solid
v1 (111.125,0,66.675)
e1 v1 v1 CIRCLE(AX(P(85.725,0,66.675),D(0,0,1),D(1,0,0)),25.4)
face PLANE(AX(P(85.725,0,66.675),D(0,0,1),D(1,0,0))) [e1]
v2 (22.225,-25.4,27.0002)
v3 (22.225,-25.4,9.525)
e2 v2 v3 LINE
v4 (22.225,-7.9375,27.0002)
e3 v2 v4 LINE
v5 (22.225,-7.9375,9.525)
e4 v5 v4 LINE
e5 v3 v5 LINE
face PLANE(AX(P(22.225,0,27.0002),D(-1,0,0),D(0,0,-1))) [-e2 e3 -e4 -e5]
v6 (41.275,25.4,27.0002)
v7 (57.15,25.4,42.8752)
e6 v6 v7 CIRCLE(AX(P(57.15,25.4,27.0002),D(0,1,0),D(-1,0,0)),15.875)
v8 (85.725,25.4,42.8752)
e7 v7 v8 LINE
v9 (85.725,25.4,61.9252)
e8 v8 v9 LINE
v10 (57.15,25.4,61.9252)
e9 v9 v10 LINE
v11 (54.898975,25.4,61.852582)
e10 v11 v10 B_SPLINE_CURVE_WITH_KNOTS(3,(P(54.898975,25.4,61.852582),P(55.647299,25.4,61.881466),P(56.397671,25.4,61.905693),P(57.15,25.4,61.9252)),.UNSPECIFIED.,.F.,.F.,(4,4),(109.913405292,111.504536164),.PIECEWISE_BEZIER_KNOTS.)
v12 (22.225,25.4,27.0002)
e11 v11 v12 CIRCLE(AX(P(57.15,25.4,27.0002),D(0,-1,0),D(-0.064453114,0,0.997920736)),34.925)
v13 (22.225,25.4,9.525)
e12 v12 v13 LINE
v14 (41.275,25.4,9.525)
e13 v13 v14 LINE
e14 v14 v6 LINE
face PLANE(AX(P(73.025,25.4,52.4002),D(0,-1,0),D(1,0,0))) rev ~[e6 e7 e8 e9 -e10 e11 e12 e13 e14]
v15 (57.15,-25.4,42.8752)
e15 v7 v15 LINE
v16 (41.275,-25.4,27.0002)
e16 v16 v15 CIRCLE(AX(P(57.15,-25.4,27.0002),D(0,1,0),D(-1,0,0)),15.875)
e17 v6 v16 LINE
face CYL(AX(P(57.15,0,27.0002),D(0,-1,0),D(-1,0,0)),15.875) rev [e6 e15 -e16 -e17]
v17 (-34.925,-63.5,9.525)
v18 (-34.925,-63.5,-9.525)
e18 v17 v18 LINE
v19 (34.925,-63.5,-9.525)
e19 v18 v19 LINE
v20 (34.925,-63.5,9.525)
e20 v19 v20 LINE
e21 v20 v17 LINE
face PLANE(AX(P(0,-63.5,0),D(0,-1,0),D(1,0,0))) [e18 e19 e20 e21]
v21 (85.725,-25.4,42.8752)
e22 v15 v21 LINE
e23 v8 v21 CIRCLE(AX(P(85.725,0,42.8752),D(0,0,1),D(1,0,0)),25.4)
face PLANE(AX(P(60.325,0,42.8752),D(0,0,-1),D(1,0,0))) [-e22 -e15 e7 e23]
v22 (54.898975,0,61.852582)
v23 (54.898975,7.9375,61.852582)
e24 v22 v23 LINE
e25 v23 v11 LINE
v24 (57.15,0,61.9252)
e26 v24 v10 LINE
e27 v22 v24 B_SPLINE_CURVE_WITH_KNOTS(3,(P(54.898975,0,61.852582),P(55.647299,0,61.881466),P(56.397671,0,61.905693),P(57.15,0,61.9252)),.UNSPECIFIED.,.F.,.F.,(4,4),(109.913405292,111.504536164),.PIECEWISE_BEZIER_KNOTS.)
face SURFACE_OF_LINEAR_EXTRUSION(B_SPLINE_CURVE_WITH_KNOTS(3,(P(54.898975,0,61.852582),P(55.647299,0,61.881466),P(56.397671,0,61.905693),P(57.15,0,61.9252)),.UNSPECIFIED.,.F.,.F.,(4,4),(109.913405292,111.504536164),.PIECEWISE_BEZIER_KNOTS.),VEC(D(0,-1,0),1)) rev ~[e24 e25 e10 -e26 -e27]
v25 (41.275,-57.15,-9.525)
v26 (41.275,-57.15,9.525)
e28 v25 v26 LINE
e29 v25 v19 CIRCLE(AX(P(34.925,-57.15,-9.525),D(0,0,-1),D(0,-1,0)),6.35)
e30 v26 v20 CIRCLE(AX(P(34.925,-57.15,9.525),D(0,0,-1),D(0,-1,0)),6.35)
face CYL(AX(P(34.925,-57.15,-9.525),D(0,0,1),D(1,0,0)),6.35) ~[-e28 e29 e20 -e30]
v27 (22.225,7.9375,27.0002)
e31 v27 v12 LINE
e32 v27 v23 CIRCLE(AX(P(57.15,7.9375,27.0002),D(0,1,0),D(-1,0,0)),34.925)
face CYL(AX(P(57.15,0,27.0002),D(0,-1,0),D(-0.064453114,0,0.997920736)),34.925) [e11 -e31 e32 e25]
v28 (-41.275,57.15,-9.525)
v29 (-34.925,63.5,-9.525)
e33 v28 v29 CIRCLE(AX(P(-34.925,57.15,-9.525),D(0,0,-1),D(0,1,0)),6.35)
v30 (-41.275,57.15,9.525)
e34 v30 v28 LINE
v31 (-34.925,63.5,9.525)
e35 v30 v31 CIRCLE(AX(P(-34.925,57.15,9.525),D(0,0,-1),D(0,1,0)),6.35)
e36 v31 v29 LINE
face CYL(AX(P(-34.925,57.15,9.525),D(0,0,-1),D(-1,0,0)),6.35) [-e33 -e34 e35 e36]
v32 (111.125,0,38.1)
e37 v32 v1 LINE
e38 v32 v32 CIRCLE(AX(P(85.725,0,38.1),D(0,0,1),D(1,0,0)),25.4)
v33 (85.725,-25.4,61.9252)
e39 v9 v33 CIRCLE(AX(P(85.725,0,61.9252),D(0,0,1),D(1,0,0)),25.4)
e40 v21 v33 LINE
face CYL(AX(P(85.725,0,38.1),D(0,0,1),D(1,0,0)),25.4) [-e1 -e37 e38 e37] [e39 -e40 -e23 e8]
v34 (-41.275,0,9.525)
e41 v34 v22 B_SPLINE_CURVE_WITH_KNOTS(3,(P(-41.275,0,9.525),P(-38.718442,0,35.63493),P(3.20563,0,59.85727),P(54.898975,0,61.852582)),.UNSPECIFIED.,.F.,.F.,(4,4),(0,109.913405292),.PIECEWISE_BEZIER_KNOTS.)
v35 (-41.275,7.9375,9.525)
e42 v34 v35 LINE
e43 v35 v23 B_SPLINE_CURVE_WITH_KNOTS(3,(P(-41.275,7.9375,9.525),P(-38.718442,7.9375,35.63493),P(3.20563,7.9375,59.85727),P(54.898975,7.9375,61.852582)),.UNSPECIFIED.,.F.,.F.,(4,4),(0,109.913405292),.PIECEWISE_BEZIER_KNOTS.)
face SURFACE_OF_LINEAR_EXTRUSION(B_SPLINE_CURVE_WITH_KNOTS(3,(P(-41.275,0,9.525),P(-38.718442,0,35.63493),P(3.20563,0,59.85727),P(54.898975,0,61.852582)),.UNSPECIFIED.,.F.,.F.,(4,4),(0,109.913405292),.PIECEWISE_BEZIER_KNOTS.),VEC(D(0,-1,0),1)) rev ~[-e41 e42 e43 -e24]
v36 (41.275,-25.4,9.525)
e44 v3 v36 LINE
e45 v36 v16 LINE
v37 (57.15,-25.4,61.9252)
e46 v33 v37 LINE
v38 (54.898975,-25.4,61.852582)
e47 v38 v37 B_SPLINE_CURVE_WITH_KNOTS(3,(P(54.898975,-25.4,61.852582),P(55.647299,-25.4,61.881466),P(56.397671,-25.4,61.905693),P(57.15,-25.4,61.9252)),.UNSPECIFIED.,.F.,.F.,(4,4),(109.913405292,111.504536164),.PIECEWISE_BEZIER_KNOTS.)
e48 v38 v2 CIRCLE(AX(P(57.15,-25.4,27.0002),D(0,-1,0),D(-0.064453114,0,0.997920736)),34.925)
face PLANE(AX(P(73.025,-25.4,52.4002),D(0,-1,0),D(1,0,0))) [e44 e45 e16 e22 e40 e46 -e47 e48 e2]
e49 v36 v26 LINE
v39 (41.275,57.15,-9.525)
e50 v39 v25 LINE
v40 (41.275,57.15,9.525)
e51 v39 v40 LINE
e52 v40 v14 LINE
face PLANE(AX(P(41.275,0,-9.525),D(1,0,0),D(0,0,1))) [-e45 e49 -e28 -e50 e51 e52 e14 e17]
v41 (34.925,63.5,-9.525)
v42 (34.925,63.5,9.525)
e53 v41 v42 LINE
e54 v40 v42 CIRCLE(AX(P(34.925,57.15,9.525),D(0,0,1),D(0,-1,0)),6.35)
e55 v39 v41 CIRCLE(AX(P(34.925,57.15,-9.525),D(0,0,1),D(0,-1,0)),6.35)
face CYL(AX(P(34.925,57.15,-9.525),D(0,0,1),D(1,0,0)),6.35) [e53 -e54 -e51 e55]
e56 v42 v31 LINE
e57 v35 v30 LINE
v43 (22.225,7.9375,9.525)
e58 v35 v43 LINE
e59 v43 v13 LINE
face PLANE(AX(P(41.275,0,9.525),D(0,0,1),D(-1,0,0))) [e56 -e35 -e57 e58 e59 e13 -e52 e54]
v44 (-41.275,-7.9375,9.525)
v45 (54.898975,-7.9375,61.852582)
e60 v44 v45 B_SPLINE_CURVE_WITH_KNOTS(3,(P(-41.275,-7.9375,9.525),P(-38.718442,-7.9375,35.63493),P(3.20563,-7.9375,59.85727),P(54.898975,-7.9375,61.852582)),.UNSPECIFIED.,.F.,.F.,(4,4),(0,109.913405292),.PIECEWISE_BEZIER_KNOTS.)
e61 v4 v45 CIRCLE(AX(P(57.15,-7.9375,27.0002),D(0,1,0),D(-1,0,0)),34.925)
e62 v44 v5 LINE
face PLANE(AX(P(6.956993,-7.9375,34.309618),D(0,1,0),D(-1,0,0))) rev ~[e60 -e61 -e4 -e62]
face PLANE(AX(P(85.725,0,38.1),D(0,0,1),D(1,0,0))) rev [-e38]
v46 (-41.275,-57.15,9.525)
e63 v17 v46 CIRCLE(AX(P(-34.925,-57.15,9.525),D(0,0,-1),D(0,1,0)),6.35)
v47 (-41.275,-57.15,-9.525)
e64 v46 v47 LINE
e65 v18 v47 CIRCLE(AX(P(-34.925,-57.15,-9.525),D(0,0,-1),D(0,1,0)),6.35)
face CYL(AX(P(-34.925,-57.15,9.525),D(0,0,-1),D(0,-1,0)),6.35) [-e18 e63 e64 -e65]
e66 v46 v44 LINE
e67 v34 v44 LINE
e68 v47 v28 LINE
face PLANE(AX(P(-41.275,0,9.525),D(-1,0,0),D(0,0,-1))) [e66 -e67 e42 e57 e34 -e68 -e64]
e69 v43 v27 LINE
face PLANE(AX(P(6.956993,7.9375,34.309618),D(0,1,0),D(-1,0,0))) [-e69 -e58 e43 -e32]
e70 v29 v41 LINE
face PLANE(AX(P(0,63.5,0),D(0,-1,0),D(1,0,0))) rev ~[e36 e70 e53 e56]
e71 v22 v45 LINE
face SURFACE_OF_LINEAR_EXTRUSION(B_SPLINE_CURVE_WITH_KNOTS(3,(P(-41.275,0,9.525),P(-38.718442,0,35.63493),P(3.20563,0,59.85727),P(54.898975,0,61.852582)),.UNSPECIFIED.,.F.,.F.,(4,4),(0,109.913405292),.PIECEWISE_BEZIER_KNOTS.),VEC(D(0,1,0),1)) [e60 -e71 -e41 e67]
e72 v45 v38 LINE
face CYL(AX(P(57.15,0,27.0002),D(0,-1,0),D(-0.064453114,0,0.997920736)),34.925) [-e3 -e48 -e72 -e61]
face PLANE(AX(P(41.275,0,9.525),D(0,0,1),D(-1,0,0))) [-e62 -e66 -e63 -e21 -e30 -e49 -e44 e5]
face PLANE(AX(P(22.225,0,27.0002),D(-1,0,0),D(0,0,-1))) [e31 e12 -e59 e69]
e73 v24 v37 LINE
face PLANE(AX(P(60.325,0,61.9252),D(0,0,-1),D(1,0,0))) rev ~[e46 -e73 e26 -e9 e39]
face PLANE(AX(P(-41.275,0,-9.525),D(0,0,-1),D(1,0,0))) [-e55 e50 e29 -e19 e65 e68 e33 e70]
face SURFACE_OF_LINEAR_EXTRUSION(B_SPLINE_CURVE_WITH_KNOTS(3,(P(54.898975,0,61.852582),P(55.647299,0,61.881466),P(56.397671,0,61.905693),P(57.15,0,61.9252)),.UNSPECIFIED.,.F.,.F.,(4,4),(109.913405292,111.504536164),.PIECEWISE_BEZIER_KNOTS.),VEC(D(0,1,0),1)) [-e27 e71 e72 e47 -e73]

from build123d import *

# Parameters (mm, degrees)
F1_DEPTH = 63.5
F2_DEPTH = 25.4
F0_W     = 25.4
F0_H     = 19.05
F3_DEPTH = 25.4
F4_DEPTH = 7.9375
F6_R     = 6.35


with BuildPart() as f1:
    # F0 (on Front) → F1 (new body, symmetric)
    with BuildSketch(Plane.XZ):
        Polygon((-41.275, -9.525), (41.275, -9.525), (41.275, 9.525), (22.225, 9.525), (-41.275, 9.525), align=None)
    extrude(amount=F1_DEPTH, both=True)

    # F0 (on Front) → F2 (join, symmetric)
    with BuildSketch(Plane.XZ):
        with BuildLine():
            Line((22.225, 9.525), (41.275, 9.525))
            Line((41.275, 9.525), (41.275, 27.0002))
            ThreePointArc((41.275, 27.0002), (45.9246798487, 38.2255201513), (57.15, 42.8752))
            Line((57.15, 42.8752), (60.325, 42.8752))
            Line((60.325, 42.8752), (60.325, 61.9252))
            Line((60.325, 61.9252), (57.15, 61.9252))
            add(Edge.make_bspline(
                [(54.8989749886, 61.8525817177), (55.6472993307, 61.8814662978), (56.3976709314, 61.9056929595), (57.15, 61.9252)],
                knots=[109.9134052924, 109.9134052924, 109.9134052924, 109.9134052924, 111.5045361635, 111.5045361635, 111.5045361635, 111.5045361635], degree=3))
            ThreePointArc((54.8989749886, 61.8525817177), (31.6708646779, 50.8867922274), (22.225, 27.0002))
            Line((22.225, 27.0002), (22.225, 9.525))
        make_face()
    extrude(amount=F2_DEPTH, both=True)

    # F0 (on Front) → F3 (join, symmetric)
    with BuildSketch(Plane.XZ):
        with Locations((73.025, 52.4002)):
            Rectangle(F0_W, F0_H)
    extrude(amount=F3_DEPTH, both=True)

    # F0 (on Front) → F4 (join, symmetric)
    with BuildSketch(Plane.XZ):
        with BuildLine():
            add(Edge.make_bspline(
                [(-41.275, 9.525), (-38.7184419076, 35.6349297133), (3.2056302131, 59.8572696967), (54.8989749886, 61.8525817177)],
                knots=[0, 0, 0, 0, 109.9134052924, 109.9134052924, 109.9134052924, 109.9134052924], degree=3))
            Line((-41.275, 9.525), (22.225, 9.525))
            Line((22.225, 9.525), (22.225, 27.0002))
            ThreePointArc((22.225, 27.0002), (31.6708646779, 50.8867922274), (54.8989749886, 61.8525817177))
        make_face()
    extrude(amount=F4_DEPTH, both=True)

    # F0 (on Front) → F5 (revolve)
    with BuildSketch(Plane.XZ):
        Polygon((85.725, 61.9252), (85.725, 42.8752), (85.725, 38.1), (111.125, 38.1), (111.125, 66.675), (85.725, 66.675), align=None)
    revolve(axis=Axis((85.725, 0, 52.3875), (0, 0, 1)))

    # F6
    f6_edges = [f1.edges().sort_by_distance(p)[0] for p in [
        (-41.275, -63.5, 0),
        (41.275, -63.5, 0),
        (41.275, 63.5, 0),
        (-41.275, 63.5, 0),
    ]]
    fillet(f6_edges, radius=F6_R)


solid = f1.part
